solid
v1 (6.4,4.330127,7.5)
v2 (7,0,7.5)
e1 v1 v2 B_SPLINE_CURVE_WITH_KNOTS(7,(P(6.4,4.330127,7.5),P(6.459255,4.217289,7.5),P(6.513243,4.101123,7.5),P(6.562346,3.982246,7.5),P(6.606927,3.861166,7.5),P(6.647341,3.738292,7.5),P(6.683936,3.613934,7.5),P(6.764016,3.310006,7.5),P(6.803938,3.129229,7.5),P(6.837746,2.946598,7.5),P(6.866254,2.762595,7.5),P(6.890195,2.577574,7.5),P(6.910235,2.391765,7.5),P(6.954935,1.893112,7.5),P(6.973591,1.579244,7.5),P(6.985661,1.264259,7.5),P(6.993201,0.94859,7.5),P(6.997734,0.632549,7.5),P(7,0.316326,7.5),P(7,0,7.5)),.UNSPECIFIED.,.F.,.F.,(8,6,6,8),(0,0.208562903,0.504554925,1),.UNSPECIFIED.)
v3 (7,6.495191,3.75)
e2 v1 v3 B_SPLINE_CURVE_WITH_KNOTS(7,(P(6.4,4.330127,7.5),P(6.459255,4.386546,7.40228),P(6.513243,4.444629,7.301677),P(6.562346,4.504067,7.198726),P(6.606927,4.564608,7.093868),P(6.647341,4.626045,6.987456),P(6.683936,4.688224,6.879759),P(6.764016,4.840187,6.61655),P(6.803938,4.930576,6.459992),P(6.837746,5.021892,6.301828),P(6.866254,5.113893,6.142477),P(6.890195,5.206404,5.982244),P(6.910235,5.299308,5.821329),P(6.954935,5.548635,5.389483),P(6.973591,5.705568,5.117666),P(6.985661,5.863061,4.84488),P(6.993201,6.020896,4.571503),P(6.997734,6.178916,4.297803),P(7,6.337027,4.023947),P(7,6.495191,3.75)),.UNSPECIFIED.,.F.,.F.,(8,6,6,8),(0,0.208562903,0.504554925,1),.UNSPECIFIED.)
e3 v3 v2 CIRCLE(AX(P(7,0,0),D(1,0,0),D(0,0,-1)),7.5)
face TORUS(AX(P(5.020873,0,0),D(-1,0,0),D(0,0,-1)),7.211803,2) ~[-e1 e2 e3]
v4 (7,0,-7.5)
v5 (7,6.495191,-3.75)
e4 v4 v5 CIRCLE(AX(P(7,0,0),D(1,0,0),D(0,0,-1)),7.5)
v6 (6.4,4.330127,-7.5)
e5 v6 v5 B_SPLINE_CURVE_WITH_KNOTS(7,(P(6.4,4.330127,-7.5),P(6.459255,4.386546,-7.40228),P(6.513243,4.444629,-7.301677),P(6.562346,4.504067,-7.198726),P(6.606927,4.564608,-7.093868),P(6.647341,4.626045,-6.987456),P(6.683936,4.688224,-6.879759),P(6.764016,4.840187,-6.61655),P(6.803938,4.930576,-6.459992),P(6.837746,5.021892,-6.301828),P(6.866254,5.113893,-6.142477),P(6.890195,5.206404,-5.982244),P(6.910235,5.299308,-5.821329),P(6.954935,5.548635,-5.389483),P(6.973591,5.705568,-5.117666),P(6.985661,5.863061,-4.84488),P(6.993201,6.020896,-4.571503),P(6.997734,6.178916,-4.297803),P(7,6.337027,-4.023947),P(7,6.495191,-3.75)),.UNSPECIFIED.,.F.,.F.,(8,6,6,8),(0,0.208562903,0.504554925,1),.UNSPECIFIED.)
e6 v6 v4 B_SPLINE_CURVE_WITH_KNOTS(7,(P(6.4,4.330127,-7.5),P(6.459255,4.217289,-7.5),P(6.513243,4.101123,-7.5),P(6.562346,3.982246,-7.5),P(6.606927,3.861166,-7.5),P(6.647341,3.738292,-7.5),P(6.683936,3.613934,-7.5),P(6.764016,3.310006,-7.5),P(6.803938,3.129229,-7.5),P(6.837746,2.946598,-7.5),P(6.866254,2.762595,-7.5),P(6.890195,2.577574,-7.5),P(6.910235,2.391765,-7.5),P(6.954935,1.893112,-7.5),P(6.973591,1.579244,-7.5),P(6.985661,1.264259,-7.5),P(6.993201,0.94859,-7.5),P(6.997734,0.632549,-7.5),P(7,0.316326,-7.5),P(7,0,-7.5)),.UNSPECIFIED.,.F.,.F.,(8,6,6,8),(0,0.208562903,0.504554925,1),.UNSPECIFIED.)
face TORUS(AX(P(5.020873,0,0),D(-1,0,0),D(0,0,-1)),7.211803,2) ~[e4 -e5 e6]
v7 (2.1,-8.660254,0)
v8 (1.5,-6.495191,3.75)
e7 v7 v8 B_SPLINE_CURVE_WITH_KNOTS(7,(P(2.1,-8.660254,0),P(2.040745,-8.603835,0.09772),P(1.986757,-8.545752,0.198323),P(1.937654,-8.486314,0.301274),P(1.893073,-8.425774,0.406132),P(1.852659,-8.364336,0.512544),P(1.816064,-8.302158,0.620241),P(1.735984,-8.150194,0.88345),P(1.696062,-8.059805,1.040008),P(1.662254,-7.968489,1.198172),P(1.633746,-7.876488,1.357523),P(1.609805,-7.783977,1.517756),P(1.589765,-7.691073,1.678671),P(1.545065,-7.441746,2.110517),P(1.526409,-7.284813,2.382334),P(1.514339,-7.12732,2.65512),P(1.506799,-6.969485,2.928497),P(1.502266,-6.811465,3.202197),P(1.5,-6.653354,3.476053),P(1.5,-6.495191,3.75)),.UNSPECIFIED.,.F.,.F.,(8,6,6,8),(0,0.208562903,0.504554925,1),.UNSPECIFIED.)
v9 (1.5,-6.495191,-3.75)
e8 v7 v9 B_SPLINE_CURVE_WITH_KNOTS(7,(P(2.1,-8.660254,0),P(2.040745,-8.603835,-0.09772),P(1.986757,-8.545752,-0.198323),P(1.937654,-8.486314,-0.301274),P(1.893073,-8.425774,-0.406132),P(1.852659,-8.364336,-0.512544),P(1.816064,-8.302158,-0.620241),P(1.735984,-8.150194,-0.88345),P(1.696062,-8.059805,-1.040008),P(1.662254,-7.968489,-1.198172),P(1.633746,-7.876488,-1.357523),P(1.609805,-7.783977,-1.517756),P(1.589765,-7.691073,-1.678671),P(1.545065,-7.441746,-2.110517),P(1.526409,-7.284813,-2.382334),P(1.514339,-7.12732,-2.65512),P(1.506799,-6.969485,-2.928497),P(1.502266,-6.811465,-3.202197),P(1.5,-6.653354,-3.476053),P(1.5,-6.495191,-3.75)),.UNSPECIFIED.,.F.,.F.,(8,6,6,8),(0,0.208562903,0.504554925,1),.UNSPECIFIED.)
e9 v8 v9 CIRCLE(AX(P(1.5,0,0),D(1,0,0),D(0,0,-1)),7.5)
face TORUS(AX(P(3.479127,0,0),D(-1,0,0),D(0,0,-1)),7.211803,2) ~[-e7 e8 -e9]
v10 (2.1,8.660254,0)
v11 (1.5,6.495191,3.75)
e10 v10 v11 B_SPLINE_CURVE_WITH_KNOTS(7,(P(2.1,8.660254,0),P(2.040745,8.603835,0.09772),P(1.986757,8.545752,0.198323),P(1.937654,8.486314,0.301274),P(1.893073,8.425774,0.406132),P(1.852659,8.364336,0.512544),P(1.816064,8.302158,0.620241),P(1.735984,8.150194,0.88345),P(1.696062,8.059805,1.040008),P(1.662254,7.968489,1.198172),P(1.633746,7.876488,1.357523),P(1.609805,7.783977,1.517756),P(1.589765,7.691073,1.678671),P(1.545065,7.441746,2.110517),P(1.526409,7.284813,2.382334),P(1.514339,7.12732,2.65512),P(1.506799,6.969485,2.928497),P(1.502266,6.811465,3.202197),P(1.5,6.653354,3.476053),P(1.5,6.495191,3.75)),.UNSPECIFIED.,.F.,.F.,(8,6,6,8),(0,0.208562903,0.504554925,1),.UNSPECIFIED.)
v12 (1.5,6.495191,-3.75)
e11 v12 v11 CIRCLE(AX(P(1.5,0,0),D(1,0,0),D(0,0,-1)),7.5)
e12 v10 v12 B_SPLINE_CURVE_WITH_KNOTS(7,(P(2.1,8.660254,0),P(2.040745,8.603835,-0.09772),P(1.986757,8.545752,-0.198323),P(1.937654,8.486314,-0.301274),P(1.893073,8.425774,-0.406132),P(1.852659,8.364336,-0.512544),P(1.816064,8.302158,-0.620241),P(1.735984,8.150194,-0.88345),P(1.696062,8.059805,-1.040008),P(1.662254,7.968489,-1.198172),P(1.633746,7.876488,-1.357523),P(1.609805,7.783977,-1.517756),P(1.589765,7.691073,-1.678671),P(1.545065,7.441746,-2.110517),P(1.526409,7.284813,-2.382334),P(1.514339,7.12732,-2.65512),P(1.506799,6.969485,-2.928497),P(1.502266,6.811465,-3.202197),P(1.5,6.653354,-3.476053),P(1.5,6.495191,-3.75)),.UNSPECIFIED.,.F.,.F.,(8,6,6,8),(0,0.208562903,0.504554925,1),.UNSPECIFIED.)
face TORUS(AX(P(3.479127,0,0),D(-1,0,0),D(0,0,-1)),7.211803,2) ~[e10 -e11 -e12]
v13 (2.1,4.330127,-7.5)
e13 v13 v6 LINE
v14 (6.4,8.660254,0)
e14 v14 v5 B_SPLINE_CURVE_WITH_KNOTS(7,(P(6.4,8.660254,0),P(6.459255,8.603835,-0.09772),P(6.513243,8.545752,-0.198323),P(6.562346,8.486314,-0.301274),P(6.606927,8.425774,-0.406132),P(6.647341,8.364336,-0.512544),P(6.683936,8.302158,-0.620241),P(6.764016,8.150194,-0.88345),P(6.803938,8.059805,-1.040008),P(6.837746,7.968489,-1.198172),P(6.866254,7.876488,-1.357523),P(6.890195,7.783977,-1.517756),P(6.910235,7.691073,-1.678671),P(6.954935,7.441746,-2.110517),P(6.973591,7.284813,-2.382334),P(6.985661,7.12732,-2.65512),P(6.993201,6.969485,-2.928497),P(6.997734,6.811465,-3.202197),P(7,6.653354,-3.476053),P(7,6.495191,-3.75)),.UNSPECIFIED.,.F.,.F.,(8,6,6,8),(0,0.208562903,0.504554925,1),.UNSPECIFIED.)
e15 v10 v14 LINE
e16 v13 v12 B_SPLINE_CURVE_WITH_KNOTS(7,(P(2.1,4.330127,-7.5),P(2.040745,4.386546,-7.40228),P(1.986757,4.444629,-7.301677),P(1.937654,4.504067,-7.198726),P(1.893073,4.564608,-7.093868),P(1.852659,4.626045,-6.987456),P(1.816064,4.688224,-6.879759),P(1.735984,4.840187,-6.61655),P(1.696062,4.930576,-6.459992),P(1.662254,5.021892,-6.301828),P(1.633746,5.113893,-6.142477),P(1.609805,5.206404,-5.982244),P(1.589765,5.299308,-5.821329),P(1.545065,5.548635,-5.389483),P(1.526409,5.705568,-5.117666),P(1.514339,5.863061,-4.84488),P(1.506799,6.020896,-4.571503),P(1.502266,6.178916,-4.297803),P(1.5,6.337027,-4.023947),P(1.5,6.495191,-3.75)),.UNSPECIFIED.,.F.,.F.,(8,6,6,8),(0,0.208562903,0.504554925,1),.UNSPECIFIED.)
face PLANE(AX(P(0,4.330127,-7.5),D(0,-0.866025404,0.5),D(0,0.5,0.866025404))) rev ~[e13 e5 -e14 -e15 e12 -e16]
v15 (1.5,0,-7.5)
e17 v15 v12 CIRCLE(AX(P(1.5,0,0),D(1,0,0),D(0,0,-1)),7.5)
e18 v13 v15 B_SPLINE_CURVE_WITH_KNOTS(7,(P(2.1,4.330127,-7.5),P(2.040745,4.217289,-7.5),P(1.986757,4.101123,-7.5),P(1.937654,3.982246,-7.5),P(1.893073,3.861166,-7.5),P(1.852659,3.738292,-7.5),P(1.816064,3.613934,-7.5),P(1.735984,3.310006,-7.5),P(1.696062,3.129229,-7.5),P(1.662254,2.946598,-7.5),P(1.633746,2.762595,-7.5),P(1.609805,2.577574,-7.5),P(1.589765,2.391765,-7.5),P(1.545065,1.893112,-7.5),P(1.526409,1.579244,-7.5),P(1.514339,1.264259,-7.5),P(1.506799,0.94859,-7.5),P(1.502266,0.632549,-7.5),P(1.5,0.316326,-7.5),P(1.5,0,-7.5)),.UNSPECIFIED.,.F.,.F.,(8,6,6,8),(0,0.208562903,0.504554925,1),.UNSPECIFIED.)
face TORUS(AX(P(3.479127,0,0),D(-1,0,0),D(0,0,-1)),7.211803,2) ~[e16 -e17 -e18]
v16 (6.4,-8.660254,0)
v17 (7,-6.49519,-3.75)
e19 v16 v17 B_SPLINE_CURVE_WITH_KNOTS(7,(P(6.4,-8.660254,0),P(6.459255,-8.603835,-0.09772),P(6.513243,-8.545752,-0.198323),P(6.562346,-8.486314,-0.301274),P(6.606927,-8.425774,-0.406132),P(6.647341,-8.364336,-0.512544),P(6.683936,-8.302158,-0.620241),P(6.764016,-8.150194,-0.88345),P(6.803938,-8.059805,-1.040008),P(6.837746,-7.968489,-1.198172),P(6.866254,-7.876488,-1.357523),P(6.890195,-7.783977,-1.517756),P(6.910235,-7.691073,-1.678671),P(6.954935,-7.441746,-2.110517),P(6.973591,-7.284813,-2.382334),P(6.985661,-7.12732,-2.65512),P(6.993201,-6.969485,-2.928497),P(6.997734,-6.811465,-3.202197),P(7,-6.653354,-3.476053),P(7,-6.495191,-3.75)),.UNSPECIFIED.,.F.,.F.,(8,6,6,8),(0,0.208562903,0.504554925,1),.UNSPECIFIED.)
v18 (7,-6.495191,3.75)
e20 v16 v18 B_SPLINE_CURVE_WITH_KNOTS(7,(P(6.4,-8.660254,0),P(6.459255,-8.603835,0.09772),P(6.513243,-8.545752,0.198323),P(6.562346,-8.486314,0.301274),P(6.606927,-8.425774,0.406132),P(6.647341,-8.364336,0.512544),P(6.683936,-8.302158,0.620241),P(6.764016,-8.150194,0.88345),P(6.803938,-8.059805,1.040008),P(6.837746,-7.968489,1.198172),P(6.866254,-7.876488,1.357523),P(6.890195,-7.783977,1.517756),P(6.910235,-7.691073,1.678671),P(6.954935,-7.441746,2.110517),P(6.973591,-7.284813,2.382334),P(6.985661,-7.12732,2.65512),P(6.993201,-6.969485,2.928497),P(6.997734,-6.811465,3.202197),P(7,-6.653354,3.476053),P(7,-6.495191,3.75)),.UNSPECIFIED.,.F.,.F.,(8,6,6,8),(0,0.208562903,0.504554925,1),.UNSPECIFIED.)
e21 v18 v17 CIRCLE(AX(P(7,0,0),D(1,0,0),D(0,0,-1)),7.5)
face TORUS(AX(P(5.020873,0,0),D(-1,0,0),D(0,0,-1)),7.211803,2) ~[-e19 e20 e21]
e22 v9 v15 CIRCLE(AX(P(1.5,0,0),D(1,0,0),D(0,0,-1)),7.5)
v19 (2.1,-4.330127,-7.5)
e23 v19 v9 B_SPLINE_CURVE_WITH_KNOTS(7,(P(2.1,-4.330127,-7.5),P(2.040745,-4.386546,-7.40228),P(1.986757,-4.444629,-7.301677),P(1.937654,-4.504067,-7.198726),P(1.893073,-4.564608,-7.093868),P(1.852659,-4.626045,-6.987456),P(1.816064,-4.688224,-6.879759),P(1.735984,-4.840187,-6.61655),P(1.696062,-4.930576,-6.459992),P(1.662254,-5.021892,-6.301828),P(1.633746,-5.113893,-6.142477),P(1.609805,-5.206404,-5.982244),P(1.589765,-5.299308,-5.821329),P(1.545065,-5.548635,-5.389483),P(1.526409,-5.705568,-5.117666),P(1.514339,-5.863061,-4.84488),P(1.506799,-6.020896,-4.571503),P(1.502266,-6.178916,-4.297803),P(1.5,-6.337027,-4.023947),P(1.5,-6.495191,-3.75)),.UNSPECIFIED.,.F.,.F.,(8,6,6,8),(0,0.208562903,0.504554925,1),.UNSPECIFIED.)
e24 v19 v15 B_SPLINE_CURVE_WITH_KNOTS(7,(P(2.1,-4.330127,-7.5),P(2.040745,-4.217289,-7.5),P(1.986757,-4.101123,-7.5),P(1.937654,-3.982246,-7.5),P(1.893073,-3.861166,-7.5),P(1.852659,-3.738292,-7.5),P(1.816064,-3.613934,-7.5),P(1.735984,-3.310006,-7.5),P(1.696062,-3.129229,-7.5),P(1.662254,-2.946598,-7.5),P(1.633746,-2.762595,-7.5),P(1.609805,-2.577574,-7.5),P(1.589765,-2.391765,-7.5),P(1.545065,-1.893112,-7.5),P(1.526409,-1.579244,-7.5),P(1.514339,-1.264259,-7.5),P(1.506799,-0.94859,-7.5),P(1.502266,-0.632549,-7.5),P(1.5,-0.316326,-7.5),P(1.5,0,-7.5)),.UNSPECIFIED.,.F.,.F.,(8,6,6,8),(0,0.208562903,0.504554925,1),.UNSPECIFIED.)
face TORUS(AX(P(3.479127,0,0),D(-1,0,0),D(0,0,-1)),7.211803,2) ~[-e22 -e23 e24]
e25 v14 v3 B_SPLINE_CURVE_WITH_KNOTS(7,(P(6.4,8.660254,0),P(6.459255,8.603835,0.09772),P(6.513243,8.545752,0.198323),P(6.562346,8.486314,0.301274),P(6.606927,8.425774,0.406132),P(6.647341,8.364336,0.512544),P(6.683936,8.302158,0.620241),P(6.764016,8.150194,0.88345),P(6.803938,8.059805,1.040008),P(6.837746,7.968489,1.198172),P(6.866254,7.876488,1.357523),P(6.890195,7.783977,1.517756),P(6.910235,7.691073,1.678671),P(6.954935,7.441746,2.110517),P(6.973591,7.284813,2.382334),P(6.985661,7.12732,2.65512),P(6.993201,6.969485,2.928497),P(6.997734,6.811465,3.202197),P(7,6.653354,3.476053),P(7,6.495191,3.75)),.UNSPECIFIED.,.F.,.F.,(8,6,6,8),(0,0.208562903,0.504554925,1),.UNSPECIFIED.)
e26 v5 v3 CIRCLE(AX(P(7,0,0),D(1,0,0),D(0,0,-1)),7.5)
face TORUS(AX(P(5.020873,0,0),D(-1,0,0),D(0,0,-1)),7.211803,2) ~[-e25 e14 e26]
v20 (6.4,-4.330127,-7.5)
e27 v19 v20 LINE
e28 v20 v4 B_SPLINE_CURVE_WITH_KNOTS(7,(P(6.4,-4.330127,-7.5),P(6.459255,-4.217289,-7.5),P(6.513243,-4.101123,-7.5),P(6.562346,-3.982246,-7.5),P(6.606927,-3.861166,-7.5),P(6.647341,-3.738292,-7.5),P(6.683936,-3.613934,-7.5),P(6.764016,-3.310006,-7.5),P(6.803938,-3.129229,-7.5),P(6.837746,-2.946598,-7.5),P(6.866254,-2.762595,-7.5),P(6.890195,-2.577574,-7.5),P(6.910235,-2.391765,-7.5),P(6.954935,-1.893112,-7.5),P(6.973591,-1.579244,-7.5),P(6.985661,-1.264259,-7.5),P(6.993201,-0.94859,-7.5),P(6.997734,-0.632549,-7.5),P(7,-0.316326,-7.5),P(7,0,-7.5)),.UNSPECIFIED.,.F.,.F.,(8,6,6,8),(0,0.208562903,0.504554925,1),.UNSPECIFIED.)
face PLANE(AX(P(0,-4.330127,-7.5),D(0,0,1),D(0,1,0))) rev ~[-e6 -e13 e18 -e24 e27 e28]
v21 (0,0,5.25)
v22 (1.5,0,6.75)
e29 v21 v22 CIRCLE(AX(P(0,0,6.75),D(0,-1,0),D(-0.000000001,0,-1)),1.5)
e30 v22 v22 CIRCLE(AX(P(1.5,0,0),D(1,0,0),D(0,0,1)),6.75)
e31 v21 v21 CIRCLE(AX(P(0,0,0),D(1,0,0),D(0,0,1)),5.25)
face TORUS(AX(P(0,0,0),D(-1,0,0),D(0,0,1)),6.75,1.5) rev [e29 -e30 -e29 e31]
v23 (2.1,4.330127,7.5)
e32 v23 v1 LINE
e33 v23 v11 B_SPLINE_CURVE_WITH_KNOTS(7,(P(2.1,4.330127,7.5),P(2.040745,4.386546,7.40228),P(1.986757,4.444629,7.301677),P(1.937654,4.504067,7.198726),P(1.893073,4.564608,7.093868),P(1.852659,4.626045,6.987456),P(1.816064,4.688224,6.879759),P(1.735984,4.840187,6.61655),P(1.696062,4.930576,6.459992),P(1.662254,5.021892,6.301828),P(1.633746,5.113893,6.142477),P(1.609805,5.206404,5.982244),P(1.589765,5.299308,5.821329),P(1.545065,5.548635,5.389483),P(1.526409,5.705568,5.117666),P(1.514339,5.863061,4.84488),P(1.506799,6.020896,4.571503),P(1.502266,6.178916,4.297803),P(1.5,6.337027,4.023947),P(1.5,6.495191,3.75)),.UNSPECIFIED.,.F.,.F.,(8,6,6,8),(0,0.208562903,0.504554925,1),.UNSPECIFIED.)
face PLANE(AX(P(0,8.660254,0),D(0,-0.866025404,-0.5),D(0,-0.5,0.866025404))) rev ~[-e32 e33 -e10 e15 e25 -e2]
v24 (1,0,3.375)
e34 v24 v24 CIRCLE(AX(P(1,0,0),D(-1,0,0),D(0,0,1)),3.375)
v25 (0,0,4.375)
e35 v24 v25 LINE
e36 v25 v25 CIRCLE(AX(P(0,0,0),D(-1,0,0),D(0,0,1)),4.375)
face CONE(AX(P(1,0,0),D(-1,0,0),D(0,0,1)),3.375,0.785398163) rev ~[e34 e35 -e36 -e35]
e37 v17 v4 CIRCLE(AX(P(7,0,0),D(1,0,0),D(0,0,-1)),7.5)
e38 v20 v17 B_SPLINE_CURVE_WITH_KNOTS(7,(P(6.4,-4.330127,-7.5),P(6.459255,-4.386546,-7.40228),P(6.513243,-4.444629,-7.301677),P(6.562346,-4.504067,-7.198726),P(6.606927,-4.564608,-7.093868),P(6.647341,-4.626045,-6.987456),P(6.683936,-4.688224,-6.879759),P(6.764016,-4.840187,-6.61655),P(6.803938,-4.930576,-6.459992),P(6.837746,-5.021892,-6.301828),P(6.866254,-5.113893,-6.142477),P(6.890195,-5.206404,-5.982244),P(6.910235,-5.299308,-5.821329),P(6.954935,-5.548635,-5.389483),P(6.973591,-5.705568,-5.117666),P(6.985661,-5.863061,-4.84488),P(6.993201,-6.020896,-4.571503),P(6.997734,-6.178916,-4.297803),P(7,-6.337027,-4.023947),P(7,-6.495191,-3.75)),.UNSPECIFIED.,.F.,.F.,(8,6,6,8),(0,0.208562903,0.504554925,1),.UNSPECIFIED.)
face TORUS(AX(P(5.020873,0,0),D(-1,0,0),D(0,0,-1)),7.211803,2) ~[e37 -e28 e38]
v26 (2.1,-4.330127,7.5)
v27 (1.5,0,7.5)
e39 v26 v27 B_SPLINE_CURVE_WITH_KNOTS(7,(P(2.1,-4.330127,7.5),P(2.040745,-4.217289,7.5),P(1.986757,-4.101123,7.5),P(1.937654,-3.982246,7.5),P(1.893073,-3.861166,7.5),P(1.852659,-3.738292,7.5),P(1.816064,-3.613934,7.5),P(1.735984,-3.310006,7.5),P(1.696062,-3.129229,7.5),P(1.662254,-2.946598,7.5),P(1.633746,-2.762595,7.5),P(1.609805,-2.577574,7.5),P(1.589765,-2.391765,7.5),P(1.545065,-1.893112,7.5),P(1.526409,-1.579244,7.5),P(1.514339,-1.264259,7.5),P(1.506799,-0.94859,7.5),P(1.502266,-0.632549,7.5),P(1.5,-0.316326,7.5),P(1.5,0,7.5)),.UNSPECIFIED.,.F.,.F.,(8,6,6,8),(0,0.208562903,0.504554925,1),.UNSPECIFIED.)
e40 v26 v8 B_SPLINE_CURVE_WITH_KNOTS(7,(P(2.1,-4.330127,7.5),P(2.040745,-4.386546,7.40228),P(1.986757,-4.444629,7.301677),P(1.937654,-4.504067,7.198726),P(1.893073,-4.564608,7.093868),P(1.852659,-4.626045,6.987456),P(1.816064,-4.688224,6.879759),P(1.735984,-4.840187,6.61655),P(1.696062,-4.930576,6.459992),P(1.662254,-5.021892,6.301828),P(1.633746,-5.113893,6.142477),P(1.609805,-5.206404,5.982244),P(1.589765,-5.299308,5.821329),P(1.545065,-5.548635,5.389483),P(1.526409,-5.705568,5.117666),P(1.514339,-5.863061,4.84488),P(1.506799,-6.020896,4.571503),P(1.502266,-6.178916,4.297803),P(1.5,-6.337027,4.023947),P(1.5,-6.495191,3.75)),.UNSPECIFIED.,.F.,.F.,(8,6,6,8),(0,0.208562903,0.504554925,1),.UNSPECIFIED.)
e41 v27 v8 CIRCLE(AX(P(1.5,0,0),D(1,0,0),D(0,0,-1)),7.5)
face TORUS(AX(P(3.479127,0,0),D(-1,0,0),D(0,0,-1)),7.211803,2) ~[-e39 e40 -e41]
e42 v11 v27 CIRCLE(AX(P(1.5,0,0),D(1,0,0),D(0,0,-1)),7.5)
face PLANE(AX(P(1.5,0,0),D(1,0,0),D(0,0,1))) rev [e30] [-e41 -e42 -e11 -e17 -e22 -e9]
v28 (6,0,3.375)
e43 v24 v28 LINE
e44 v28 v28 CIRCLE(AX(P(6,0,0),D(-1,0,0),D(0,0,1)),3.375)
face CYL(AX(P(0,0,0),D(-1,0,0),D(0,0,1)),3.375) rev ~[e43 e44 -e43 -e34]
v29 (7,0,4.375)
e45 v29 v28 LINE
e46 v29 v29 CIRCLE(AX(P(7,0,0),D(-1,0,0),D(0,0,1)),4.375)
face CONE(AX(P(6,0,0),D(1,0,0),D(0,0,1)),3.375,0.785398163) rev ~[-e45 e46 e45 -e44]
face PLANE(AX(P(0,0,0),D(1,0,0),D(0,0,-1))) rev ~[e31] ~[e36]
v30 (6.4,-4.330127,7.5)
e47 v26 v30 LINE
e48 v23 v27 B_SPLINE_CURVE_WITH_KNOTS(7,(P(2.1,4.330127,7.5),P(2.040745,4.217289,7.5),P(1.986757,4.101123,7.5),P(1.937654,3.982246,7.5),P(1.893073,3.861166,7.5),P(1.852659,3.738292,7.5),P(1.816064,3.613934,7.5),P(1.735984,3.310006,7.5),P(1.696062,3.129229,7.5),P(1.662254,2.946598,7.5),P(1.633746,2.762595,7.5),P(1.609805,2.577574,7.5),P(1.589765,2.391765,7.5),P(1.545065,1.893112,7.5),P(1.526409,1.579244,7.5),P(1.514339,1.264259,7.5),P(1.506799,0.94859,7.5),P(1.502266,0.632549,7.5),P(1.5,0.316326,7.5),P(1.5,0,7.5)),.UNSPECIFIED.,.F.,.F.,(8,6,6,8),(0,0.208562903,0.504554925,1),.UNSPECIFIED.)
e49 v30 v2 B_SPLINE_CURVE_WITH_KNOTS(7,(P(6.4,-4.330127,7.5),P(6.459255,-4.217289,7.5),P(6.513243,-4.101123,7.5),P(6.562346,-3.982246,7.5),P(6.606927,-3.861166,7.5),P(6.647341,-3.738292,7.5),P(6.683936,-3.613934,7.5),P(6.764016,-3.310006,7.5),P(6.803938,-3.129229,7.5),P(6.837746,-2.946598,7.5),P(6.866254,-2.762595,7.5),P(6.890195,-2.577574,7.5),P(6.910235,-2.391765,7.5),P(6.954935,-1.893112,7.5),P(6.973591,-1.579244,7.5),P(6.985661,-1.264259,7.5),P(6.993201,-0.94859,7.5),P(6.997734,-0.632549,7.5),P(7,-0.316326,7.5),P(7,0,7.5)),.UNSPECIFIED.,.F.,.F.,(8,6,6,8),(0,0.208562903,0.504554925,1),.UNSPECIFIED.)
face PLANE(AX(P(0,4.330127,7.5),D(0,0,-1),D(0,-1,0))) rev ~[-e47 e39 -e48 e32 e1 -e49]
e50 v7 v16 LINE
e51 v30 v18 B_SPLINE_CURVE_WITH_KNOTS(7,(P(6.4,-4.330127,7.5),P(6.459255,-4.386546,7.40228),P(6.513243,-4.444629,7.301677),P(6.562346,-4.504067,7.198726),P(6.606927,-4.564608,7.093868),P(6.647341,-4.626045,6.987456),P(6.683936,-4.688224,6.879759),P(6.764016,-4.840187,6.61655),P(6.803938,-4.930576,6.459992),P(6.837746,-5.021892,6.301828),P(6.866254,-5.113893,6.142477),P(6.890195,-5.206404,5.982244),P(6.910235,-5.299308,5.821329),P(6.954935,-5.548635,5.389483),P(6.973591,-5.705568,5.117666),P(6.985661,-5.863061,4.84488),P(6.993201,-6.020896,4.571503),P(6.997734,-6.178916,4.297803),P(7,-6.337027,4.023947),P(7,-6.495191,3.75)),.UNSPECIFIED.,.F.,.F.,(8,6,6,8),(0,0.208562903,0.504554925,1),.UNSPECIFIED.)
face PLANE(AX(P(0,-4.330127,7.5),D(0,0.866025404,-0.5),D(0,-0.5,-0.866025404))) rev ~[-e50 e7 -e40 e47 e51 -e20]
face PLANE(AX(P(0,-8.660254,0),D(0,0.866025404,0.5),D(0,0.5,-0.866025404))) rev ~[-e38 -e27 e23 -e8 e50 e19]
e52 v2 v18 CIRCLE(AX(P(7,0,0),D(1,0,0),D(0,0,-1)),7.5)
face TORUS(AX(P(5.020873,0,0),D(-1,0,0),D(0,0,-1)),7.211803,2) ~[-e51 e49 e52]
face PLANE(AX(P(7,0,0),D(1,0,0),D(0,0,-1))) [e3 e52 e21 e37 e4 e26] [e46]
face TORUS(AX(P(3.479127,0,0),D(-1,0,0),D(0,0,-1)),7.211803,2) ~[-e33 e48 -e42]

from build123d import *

# Parameters (mm, degrees)
EXTRUSION1_DEPTH        = 7
ESQUISSE3_R             = 3.375
ENL_V_MAT_EXTRU_1_DEPTH = 8
CHANFREIN1_SIZE         = 1


with BuildPart() as part:
    # Esquisse1 → Extrusion1 (new body)
    with BuildSketch(Plane(origin=(0, 0, 0), x_dir=(0, 0, -1), z_dir=(1, 0, 0))):
        Polygon((0, 8.660254038), (-7.5, 4.330127019), (-7.5, -4.330127019), (0, -8.660254038), (7.5, -4.330127019), (7.5, 4.330127019), align=None)
    extrude(amount=EXTRUSION1_DEPTH)

    # Esquisse2 → Enlèvement de matière-Révolution1 (revolve, cut)
    with BuildSketch(Plane.XY, mode=Mode.PRIVATE) as enl_vement_de_mati_re_r_volution1_sk:
        with BuildLine():
            Line((1.5, 6.75), (1.5, 8.660254038))
            Line((1.5, 8.660254038), (0, 8.660254038))
            Line((0, 8.660254038), (0, 5.25))
            ThreePointArc((0, 5.25), (1.060660172, 5.689339828), (1.5, 6.75))
        make_face()
    revolve(enl_vement_de_mati_re_r_volution1_sk.sketch.rotate(Axis((-3.040359493, 0, 0), (1, 0, 0)), 90), axis=Axis((-3.040359493, 0, 0), (1, 0, 0)), mode=Mode.SUBTRACT)  # turned: the seam where the file's is

    # Esquisse3 → Enlèv. mat.-Extru.1 (cut, through all)
    with BuildSketch(Plane.ZY):
        Circle(ESQUISSE3_R)
    extrude(amount=-ENL_V_MAT_EXTRU_1_DEPTH, mode=Mode.SUBTRACT)

    # Chanfrein1
    chanfrein1_edges = [part.edges().sort_by_distance(p)[0] for p in [
        (7, 0, -3.375),
        (0, 0, -3.375),
    ]]
    chamfer(chanfrein1_edges, length=CHANFREIN1_SIZE)

    # Esquisse4 → Enlèvement de matière-Révolution2 (revolve, cut)
    with BuildSketch(Plane.XY, mode=Mode.PRIVATE) as enl_vement_de_mati_re_r_volution2_sk:
        with BuildLine():
            Line((1.5, 8.660254038), (2.1, 8.660254038))
            ThreePointArc((2.1, 8.660254038), (1.70260937, 8.130490453), (1.5, 7.5))
            Line((1.5, 7.5), (1.5, 8.660254038))
        make_face()
        with BuildLine():
            Line((7, 8.660254038), (7, 7.5))
            ThreePointArc((7, 7.5), (6.79739063, 8.130490453), (6.4, 8.660254038))
            Line((6.4, 8.660254038), (7, 8.660254038))
        make_face()
    revolve(enl_vement_de_mati_re_r_volution2_sk.sketch.rotate(Axis((0, 0, 0), (1, 0, 0)), 270), axis=Axis((0, 0, 0), (1, 0, 0)), mode=Mode.SUBTRACT)  # turned: the seam where the file's is


solid = part.part
